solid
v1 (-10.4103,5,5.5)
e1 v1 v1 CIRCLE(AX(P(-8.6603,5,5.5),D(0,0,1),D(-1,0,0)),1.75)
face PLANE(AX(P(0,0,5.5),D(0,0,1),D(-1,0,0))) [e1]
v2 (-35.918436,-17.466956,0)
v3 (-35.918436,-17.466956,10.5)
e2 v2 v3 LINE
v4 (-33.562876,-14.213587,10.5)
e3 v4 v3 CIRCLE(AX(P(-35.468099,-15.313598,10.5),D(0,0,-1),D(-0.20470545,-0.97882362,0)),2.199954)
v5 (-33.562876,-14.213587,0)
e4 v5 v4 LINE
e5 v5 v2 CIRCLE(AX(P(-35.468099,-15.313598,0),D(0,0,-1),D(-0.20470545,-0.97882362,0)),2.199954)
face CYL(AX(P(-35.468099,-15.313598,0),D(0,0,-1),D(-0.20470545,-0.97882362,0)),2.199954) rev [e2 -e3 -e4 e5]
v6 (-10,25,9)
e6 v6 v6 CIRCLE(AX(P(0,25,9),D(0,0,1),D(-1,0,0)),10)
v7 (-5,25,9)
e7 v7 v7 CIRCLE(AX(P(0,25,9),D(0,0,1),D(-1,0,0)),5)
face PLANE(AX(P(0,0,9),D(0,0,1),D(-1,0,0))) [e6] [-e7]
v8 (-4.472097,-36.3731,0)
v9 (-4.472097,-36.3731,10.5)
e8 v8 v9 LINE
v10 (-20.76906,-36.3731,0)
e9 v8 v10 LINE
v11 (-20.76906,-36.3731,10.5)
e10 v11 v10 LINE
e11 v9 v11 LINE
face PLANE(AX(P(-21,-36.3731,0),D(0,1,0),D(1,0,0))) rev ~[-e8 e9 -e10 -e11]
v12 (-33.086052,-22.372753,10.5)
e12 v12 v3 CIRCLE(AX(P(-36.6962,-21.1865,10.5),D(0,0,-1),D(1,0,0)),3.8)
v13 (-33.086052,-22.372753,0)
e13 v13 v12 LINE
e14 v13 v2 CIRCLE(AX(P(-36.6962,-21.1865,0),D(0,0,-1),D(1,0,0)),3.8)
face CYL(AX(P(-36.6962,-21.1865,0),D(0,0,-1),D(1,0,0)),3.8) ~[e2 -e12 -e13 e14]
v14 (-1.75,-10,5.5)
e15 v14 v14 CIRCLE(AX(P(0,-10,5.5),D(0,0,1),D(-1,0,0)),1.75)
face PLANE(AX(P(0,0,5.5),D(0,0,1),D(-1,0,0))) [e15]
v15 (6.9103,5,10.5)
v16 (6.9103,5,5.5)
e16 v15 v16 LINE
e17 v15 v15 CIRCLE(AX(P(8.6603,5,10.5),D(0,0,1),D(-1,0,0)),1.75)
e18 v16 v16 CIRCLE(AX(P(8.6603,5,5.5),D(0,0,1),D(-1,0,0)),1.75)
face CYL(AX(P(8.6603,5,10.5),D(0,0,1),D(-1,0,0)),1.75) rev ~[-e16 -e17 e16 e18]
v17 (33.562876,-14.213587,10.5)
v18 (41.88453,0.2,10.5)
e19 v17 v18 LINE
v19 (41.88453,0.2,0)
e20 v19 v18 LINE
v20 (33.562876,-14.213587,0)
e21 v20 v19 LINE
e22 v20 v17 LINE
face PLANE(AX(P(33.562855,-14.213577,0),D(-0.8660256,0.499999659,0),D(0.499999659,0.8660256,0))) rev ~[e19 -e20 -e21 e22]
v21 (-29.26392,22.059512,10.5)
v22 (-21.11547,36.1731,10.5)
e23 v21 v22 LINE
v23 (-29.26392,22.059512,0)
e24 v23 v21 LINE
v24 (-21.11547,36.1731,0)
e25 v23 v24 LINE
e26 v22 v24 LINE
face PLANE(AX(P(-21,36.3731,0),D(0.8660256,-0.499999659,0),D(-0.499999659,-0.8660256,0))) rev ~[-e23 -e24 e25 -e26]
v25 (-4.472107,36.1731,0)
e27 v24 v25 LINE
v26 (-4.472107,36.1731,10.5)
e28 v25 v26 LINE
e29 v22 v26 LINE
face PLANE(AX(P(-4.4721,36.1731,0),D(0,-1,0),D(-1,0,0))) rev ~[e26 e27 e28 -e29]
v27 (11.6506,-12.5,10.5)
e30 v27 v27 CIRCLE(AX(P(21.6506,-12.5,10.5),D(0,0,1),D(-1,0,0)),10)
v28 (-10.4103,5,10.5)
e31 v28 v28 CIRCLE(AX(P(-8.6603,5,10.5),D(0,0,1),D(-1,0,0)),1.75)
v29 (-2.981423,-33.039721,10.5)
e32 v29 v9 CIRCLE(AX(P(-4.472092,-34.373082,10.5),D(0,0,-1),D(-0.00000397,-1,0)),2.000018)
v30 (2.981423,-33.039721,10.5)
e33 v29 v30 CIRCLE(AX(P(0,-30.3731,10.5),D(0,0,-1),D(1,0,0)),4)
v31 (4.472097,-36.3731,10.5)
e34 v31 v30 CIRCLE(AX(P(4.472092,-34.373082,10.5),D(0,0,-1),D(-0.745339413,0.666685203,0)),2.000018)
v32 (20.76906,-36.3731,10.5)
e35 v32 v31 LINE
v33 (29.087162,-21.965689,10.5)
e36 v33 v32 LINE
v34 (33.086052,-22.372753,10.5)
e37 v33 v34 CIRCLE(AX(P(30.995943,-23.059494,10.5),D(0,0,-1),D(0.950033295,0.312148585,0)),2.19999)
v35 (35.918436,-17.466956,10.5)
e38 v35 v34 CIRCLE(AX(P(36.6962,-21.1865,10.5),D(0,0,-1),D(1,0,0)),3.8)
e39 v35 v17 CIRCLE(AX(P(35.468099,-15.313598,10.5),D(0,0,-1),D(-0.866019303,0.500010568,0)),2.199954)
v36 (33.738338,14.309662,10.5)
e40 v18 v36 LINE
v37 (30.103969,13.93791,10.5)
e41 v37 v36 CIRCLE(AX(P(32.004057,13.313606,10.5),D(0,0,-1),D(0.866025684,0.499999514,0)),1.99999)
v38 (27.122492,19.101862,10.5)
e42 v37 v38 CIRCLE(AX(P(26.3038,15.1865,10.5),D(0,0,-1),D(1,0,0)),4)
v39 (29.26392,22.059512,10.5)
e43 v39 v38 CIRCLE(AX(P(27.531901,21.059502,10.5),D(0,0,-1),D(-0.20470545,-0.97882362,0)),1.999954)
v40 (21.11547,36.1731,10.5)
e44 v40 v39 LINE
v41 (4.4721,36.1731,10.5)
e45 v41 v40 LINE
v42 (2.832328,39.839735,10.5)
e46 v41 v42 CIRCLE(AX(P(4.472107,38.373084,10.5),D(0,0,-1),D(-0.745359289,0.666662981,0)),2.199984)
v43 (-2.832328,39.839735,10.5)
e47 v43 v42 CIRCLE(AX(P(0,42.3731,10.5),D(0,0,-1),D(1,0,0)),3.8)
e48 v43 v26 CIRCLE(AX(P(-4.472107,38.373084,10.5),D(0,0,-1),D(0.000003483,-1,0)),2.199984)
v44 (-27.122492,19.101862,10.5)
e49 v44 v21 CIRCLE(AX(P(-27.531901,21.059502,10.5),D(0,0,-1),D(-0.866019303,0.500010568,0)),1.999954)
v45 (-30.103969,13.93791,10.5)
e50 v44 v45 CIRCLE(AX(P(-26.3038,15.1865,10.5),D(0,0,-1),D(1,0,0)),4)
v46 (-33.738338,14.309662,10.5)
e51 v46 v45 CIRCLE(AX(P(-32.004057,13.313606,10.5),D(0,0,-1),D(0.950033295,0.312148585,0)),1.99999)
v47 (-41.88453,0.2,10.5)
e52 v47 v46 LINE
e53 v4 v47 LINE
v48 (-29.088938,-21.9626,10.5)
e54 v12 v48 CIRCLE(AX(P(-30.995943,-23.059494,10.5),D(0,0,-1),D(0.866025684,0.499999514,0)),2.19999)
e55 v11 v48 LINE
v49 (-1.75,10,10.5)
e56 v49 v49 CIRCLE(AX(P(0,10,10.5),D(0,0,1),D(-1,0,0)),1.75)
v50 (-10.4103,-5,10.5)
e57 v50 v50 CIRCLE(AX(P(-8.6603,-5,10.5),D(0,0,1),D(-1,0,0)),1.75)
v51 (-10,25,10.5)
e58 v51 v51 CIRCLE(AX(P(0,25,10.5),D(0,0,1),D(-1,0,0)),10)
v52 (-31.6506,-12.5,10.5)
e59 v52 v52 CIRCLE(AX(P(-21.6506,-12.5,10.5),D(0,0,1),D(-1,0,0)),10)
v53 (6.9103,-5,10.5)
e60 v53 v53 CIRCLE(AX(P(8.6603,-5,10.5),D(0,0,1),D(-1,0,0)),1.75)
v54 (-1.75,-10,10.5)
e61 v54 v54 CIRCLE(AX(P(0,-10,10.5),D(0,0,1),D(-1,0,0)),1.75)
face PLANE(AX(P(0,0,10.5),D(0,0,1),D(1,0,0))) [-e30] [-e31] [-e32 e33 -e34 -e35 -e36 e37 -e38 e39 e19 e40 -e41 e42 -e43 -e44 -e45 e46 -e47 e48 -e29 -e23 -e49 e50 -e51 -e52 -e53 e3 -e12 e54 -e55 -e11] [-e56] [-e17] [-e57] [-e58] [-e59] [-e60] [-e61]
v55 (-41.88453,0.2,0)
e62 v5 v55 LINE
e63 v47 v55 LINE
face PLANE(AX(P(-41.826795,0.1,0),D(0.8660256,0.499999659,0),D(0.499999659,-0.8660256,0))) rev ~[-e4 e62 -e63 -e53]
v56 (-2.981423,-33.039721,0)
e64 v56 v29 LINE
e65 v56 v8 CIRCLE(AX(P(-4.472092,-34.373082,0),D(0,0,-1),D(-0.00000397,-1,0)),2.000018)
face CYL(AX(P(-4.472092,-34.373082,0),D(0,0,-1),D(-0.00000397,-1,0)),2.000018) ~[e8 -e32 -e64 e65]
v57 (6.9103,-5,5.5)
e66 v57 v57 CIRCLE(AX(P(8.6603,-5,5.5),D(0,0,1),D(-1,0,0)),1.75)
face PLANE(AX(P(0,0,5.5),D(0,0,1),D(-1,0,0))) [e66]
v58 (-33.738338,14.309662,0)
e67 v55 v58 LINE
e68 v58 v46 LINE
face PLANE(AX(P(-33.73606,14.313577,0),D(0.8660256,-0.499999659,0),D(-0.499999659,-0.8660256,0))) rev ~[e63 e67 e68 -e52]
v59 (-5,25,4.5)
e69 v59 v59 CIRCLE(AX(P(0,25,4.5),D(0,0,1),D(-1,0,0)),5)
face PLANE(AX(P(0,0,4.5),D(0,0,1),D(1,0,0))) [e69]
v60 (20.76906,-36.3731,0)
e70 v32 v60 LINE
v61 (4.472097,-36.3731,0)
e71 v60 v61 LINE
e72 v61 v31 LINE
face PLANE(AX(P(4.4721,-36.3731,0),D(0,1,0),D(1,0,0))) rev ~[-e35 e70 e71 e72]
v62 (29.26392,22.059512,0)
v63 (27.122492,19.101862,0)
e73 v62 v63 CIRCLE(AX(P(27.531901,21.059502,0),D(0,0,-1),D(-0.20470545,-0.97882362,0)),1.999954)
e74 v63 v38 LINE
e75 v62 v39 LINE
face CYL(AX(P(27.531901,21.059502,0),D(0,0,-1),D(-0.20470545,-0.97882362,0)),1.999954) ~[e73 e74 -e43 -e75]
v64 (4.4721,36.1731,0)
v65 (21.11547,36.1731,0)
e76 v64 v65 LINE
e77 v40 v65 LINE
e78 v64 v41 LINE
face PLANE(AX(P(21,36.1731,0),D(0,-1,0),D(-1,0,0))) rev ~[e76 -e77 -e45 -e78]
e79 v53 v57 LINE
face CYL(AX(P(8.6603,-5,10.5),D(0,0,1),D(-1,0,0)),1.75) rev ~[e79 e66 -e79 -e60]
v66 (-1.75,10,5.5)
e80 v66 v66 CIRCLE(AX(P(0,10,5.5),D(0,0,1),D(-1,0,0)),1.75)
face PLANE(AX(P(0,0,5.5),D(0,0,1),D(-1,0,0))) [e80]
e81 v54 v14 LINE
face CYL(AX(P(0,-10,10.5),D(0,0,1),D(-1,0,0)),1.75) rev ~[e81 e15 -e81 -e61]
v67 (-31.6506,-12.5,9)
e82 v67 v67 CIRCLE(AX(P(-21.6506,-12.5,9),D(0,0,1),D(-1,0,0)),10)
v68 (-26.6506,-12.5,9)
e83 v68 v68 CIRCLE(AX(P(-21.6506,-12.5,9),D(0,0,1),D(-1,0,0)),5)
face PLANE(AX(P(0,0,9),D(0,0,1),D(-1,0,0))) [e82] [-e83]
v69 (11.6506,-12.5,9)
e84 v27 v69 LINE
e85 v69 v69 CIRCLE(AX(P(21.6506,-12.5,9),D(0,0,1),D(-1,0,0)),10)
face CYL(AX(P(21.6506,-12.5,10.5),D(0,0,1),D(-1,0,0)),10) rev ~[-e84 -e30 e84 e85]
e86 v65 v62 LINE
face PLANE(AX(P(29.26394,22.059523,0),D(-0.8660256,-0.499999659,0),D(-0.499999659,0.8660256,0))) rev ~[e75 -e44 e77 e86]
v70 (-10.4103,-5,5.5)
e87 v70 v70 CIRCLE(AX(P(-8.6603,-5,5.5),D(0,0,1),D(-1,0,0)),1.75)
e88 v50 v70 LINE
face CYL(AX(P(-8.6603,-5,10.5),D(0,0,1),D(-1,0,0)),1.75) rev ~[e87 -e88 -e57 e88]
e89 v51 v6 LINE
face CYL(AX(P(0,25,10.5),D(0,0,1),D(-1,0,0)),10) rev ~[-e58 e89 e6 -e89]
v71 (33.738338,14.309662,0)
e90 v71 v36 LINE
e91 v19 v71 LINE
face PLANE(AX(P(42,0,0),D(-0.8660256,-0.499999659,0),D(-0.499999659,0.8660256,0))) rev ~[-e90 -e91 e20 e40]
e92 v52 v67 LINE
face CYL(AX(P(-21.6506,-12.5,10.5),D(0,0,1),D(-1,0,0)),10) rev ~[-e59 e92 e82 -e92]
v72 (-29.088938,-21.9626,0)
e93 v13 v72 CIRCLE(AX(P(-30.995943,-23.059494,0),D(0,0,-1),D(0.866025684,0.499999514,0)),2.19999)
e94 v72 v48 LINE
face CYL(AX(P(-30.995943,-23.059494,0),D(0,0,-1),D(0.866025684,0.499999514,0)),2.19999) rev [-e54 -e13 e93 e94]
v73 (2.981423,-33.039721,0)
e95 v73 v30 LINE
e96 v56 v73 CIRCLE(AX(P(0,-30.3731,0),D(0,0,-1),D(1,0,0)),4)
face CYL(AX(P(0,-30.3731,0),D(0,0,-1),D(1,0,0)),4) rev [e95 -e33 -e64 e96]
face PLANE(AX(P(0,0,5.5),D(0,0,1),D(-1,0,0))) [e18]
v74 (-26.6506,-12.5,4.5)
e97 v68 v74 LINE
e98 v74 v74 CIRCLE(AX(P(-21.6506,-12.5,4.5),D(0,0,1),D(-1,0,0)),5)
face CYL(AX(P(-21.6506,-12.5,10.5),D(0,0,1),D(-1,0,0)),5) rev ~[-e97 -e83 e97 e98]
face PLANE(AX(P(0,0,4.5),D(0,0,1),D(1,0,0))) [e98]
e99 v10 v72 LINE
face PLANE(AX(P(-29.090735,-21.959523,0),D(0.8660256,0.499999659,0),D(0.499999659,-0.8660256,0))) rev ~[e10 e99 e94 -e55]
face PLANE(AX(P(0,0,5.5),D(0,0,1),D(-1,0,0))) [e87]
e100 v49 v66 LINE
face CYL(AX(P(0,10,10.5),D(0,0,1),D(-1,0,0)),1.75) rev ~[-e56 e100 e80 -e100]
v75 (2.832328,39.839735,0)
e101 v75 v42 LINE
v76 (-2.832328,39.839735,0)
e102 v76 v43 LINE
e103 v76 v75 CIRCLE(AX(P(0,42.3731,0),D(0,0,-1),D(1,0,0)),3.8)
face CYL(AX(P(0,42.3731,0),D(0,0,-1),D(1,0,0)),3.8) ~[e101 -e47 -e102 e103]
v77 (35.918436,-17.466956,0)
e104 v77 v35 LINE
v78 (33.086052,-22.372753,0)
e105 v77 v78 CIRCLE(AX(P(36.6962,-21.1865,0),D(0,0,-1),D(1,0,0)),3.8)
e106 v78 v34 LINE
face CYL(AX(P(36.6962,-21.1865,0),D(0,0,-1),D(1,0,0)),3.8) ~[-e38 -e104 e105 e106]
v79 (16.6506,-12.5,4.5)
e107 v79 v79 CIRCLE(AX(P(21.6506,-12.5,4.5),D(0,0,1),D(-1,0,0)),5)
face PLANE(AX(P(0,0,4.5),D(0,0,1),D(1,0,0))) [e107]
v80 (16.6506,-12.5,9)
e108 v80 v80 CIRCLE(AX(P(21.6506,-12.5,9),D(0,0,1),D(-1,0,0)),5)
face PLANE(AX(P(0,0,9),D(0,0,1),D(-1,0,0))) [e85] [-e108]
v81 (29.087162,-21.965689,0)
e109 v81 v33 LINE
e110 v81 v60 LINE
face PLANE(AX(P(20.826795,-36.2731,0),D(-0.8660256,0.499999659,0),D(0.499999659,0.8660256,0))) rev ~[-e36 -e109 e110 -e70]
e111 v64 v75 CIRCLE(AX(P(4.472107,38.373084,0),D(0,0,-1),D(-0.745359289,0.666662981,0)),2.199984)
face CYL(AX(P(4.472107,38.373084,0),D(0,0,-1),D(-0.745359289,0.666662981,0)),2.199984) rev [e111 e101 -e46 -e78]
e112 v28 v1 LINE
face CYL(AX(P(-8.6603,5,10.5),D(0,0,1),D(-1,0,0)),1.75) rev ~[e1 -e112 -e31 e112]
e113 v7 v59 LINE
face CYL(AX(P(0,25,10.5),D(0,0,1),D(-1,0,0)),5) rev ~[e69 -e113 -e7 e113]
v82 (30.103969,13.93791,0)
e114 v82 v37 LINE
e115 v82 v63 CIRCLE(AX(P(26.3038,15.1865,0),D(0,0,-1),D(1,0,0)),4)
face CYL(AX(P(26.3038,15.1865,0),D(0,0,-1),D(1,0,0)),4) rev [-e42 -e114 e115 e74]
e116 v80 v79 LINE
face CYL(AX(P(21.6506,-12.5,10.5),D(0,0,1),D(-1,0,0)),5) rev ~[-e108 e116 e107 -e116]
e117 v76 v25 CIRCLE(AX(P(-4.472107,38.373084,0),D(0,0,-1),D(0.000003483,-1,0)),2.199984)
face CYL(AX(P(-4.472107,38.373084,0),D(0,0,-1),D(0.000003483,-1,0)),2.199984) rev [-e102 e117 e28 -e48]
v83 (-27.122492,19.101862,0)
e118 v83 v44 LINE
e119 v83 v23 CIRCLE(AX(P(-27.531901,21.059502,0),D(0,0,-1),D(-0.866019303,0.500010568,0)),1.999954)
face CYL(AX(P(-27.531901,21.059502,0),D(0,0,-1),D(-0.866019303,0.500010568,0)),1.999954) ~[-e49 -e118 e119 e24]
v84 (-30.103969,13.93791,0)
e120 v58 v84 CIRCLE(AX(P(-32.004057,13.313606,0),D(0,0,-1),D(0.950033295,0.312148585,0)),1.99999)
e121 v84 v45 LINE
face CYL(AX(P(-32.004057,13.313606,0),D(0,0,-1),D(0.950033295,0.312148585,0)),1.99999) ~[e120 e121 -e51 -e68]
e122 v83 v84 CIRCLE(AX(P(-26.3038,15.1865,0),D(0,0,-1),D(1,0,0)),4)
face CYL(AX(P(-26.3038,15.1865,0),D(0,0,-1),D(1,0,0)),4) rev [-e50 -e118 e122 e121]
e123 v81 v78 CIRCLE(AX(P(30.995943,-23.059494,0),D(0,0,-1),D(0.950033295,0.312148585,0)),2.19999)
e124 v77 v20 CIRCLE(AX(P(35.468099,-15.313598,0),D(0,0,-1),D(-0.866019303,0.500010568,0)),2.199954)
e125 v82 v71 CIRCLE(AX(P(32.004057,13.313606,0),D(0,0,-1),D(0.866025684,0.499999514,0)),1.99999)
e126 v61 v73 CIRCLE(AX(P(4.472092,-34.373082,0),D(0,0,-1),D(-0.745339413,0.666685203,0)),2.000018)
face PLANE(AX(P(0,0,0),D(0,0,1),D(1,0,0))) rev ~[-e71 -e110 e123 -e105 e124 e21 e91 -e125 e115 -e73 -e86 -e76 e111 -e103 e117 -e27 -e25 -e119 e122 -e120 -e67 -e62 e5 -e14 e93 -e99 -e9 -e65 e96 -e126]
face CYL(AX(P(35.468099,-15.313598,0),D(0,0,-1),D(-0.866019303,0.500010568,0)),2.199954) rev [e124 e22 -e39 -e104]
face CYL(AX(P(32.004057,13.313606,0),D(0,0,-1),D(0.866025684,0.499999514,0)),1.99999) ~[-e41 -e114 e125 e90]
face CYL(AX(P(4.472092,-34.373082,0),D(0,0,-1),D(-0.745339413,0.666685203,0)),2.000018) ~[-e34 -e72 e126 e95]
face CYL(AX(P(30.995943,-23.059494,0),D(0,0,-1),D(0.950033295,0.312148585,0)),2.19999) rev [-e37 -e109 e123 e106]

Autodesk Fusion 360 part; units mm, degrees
sketch "Sketch1" plane through (0, 0, 0) normal (0, 0, 1) x (1, 0, 0)
  line L0 (42, 0) -> (21, 36.3731)
  line L1 (21, 36.3731) -> (-21, 36.3731)
  line L2 (-21, 36.3731) -> (-42, 0)
  line L3 (-42, 0) -> (-21, -36.3731)
  line L4 (-21, -36.3731) -> (21, -36.3731)
  line L5 (21, -36.3731) -> (42, 0)
  circle A0 centre (0, 42.3731) radius 4
  line L6 (0, 41) -> (0, 36.3731)
  arc A1 (2.9814, 39.7064) -> (4.4721, 36.3731) centre (4.4721, 38.3731) ccw
  arc A2 (-4.4721, 36.3731) -> (-2.9814, 39.7064) centre (-4.4721, 38.3731) ccw
  circle A3 centre (-36.6962, -21.1865) radius 4
  arc A4 (-29.2639, -22.0595) -> (-32.896, -22.4352) centre (-30.996, -23.0595) ccw
  arc A5 (-35.8775, -17.2712) -> (-33.7361, -14.3136) centre (-35.4681, -15.3136) ccw
  circle A6 centre (36.6962, -21.1865) radius 4
  arc A7 (33.7361, -14.3136) -> (35.8775, -17.2712) centre (35.4681, -15.3136) ccw
  arc A8 (32.896, -22.4352) -> (29.2639, -22.0595) centre (30.996, -23.0595) ccw
  circle A9 centre (-26.3038, 15.1865) radius 4
  arc A10 (-29.2639, 22.0595) -> (-27.1225, 19.1019) centre (-27.5319, 21.0595) ccw
  arc A11 (-30.104, 13.9379) -> (-33.7361, 14.3136) centre (-32.004, 13.3136) ccw
  circle A12 centre (0, -30.3731) radius 4
  arc A13 (-4.4721, -36.3731) -> (-2.9814, -33.0397) centre (-4.4721, -34.3731) ccw
  arc A14 (2.9814, -33.0397) -> (4.4721, -36.3731) centre (4.4721, -34.3731) ccw
  circle A15 centre (26.3038, 15.1865) radius 4
  arc A16 (33.7361, 14.3136) -> (30.104, 13.9379) centre (32.004, 13.3136) ccw
  arc A17 (27.1225, 19.1019) -> (29.2639, 22.0595) centre (27.5319, 21.0595) ccw
  dimension "d1" = 42
  dimension "d2" = 8
  dimension "d3" = 6
  dimension "d4" = 4
  dimension "d6" = 360
  dimension "d10" = 360
extrude "Extrude1" add sketch "Sketch1" along normal blind 10.5 contours L0 L1 L2 L3 L4 L5 A9 A10 A11 A12 A13 A14 A15 A16 A17 | L5 A6 A7 A8 | A6 | L1 A0 L6 A1 | L1 A0 L6 A2 | A0 | L3 A3 A4 A5 | A3
move_face "OffsetFaces1" offset -0.2 9 faces at (35.4632, -24.9918, 7) (29.3138, -21.9777, 7) (-37.9917, -24.9709, 7) (-30.5353, -21.1133, 7) (34.8369, -17.2113, 7) (-3.1097, 39.8571, 7) (2.513, 38.7754, 7) (-34.8369, -17.2113, 7) (-2.513, 38.7754, 7)
sketch "Sketch2" plane through (0, 0, 10.5) normal (0, 0, 1) x (-1, 0, 0)
  line L0 (-33.5629, 14.2136) -> (-41.8845, -0.2)
  line L1 (-41.8845, -0.2) -> (-33.7361, -14.3136)
  arc A0 (-33.7361, -14.3136) -> (-30.104, -13.9379) centre (-32.004, -13.3136) ccw
  arc A1 (-27.1225, -19.1019) -> (-30.104, -13.9379) centre (-26.3038, -15.1865) ccw
  arc A2 (-27.1225, -19.1019) -> (-29.2639, -22.0595) centre (-27.5319, -21.0595) ccw
  line L2 (-29.2639, -22.0595) -> (-21.1155, -36.1731)
  line L3 (-21.1155, -36.1731) -> (-4.4721, -36.1731)
  arc A3 (-2.8324, -39.8397) -> (-4.4721, -36.1731) centre (-4.4721, -38.3731) ccw
  arc A4 (-2.8324, -39.8397) -> (2.8324, -39.8397) centre (0, -42.3731) ccw
  arc A5 (4.4721, -36.1731) -> (2.8324, -39.8397) centre (4.4721, -38.3731) ccw
  line L4 (4.4721, -36.1731) -> (21.1155, -36.1731)
  line L5 (21.1155, -36.1731) -> (29.2639, -22.0595)
  arc A6 (29.2639, -22.0595) -> (27.1225, -19.1019) centre (27.5319, -21.0595) ccw
  arc A7 (30.104, -13.9379) -> (27.1225, -19.1019) centre (26.3038, -15.1865) ccw
  arc A8 (30.104, -13.9379) -> (33.7361, -14.3136) centre (32.004, -13.3136) ccw
  line L6 (33.7361, -14.3136) -> (41.8845, -0.2)
  line L7 (41.8845, -0.2) -> (33.5629, 14.2136)
  arc A9 (35.9184, 17.467) -> (33.5629, 14.2136) centre (35.4681, 15.3136) ccw
  arc A10 (35.9184, 17.467) -> (33.086, 22.3728) centre (36.6962, 21.1865) ccw
  arc A11 (29.0907, 21.9595) -> (33.086, 22.3728) centre (30.996, 23.0595) ccw
  line L8 (29.0907, 21.9595) -> (20.7691, 36.3731)
  line L9 (20.7691, 36.3731) -> (4.4721, 36.3731)
  arc A12 (4.4721, 36.3731) -> (2.9814, 33.0397) centre (4.4721, 34.3731) ccw
  arc A13 (-2.9814, 33.0397) -> (2.9814, 33.0397) centre (0, 30.3731) ccw
  arc A14 (-2.9814, 33.0397) -> (-4.4721, 36.3731) centre (-4.4721, 34.3731) ccw
  line L10 (-4.4721, 36.3731) -> (-20.7691, 36.3731)
  line L11 (-20.7691, 36.3731) -> (-29.0907, 21.9595)
  arc A15 (-33.086, 22.3728) -> (-29.0907, 21.9595) centre (-30.996, 23.0595) ccw
  arc A16 (-33.086, 22.3728) -> (-35.9184, 17.467) centre (-36.6962, 21.1865) ccw
  arc A17 (-33.5629, 14.2136) -> (-35.9184, 17.467) centre (-35.4681, 15.3136) ccw
  circle A18 centre (0, -25) radius 10
  circle A19 centre (0, -25) radius 5
  circle A20 centre (0, -10) radius 1.75
  circle A21 centre (21.6506, 12.5) radius 5
  circle A22 centre (21.6506, 12.5) radius 10
  circle A23 centre (-21.6506, 12.5) radius 5
  circle A24 centre (-21.6506, 12.5) radius 10
  circle A25 centre (8.6603, -5) radius 1.75
  circle A26 centre (8.6603, 5) radius 1.75
  circle A27 centre (0, 10) radius 1.75
  circle A28 centre (-8.6603, 5) radius 1.75
  circle A29 centre (-8.6603, -5) radius 1.75
  dimension "d14" = 10
  dimension "d15" = 20
  dimension "d16" = 3.5
  dimension "d18" = 360
  dimension "d20" = 360
extrude "Extrude2" cut sketch "Sketch2" against normal blind 1.5 contours A18 | A22 | A24
extrude "Extrude3" cut 3 faces at (-2.3344, 25.4913, 10.5) (-21.8157, -11.3785, 10.5) (21.4856, -11.3785, 10.5) along direction (0, 0, -1) blind 6
extrude "Extrude4" cut sketch "Sketch2" against normal blind 5 contours A20 | A25 | A26 | A27 | A28 | A29
